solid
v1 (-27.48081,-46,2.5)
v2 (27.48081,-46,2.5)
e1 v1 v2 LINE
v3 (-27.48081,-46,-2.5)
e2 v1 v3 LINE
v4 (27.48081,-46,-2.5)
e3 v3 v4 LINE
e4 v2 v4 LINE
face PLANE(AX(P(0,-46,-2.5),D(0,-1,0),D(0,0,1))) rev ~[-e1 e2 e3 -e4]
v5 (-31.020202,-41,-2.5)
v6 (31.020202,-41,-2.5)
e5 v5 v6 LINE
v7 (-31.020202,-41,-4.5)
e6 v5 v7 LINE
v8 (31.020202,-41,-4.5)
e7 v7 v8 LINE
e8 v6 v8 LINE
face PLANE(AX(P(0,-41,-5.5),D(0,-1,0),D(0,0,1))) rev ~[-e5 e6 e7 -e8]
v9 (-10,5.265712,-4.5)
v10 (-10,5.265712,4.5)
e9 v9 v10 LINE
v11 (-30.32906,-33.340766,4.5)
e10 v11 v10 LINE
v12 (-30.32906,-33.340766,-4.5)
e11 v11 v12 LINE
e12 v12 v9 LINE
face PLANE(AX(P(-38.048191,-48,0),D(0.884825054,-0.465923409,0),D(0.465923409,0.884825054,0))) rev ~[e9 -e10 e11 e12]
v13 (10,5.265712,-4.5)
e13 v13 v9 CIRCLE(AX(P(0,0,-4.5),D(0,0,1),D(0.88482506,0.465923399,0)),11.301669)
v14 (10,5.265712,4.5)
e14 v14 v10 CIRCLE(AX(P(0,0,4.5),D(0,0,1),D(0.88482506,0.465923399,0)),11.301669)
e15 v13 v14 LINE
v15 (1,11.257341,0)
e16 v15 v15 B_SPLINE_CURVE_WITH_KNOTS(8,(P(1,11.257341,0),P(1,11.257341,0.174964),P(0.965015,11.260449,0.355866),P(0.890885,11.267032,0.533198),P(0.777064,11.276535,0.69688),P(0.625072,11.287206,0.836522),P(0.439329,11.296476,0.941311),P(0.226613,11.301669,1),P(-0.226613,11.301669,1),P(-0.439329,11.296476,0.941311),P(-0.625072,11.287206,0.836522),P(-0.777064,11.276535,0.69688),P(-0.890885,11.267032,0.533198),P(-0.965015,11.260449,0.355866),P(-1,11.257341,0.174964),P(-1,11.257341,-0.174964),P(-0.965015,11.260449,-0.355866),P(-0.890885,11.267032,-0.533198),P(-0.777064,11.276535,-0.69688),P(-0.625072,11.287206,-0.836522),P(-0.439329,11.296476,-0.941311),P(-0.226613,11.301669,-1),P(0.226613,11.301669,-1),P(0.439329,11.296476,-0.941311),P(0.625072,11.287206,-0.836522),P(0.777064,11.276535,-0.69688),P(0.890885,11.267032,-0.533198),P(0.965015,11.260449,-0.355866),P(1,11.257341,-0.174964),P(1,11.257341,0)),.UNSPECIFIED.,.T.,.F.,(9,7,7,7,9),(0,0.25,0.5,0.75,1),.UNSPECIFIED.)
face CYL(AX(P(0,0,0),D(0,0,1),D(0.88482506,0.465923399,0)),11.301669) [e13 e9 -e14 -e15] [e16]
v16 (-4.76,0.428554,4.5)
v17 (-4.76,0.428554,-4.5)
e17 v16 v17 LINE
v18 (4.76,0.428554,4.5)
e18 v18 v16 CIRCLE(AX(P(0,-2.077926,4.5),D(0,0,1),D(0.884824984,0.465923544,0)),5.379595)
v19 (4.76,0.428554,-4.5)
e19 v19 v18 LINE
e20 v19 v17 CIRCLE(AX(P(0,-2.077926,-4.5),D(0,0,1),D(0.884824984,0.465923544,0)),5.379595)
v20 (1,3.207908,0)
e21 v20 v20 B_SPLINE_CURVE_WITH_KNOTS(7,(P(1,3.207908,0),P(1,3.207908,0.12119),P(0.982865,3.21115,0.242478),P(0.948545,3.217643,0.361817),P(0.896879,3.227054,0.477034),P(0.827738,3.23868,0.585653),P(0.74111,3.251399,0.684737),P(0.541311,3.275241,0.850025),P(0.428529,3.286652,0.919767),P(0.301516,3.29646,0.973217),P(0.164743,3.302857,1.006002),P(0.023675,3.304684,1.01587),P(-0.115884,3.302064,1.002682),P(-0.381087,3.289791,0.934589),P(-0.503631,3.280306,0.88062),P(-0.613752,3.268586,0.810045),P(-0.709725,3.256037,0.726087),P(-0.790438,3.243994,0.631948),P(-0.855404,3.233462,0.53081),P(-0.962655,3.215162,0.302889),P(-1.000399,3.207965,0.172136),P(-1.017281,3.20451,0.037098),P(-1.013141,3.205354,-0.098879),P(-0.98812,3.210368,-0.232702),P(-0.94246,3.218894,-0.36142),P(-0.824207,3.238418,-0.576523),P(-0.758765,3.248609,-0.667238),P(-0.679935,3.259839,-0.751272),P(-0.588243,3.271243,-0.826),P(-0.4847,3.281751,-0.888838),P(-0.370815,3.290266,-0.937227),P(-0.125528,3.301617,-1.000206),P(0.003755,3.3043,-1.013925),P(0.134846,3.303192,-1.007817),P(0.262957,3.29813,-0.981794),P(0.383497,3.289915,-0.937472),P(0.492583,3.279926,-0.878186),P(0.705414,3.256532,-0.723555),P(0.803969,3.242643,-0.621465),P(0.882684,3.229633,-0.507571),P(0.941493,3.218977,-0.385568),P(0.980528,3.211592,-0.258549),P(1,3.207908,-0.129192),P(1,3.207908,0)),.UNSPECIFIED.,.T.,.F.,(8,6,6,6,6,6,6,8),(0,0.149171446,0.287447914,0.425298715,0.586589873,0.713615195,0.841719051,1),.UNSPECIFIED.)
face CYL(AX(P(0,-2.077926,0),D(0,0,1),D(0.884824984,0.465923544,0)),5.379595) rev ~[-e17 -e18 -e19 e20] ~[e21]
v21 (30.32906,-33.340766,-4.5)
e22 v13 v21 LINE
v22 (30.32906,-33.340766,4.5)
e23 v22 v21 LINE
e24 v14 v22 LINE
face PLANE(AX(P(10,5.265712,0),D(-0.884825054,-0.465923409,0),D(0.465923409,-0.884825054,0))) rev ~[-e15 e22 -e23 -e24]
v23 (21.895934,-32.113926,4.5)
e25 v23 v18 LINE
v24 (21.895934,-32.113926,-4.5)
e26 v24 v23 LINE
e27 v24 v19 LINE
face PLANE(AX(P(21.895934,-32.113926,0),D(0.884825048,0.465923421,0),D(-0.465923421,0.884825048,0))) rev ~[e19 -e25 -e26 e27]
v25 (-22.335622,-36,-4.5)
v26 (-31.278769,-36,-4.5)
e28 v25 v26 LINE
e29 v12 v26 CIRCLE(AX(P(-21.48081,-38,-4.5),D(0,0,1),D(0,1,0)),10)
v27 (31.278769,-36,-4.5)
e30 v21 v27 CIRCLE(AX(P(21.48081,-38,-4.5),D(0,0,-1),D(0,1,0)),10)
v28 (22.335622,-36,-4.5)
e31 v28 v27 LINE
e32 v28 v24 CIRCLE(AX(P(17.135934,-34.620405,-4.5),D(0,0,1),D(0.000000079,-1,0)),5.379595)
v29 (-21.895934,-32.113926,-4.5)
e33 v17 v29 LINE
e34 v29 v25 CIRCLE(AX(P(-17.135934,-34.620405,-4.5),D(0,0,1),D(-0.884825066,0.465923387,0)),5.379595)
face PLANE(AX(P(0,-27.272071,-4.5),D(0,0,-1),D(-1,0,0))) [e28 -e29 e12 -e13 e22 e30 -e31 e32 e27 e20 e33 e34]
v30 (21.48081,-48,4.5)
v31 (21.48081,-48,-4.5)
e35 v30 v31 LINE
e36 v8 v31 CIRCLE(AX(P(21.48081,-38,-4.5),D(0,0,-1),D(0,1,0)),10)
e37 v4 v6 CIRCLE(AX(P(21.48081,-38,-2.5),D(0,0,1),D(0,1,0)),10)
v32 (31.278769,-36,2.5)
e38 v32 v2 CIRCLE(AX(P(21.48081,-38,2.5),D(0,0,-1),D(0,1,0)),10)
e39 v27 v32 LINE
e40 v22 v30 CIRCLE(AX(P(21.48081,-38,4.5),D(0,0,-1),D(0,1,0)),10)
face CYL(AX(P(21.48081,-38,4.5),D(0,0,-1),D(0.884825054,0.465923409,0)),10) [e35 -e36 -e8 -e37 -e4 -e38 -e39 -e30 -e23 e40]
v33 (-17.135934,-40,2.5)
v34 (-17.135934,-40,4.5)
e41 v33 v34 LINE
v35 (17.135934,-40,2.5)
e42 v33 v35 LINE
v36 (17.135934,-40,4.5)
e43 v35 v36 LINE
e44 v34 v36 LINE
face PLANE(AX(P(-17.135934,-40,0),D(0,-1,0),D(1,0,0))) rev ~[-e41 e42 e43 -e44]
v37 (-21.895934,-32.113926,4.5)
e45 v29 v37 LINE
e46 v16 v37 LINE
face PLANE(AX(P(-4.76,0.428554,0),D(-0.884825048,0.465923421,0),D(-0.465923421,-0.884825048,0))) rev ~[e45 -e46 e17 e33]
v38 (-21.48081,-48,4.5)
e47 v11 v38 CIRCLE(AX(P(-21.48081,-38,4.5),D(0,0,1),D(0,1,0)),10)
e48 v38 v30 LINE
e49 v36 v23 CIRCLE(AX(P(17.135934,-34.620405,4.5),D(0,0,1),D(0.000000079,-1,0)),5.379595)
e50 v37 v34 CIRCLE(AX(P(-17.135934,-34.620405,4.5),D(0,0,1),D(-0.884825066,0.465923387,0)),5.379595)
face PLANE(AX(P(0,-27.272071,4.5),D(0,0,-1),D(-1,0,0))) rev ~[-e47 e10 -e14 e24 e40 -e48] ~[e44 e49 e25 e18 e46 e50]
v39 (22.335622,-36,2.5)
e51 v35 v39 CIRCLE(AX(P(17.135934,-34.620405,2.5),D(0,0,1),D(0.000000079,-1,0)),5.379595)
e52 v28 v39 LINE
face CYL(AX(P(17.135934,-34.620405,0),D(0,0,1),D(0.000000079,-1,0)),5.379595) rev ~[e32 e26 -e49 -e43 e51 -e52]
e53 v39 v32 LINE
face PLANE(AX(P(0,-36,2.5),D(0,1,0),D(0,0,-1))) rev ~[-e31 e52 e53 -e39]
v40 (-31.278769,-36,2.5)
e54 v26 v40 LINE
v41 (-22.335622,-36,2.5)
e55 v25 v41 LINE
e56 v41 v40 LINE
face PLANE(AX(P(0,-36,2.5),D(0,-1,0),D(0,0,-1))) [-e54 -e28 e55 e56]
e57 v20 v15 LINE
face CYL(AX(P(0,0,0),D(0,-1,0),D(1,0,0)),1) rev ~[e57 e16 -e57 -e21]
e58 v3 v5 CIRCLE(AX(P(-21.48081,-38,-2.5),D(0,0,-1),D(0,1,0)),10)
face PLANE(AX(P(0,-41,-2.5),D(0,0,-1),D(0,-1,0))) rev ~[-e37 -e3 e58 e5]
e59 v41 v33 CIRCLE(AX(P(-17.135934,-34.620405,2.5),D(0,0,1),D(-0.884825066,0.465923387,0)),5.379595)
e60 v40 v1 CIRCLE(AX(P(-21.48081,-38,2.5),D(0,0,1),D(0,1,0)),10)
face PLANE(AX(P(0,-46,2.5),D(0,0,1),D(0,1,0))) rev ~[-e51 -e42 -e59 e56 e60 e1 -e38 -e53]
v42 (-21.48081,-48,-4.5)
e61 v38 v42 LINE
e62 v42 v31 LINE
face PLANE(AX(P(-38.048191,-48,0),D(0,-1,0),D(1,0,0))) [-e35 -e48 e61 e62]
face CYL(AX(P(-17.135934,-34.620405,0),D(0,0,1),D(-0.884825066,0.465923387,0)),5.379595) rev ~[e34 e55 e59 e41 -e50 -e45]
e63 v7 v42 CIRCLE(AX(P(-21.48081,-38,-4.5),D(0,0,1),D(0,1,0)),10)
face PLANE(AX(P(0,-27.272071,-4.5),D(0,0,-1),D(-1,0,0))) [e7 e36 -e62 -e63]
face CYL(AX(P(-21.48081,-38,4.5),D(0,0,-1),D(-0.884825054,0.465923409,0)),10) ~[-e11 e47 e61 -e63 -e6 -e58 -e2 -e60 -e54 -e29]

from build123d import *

# Parameters (mm, degrees)
PAD_DEPTH            = 4.5
SKETCH001_R          = 1
POCKET_DEPTH         = 11.302669
POCKET001_DEPTH      = 38.049191
POCKET001_DEPTH_BACK = -38.049191
FILLET_R             = 10


with BuildPart() as part:
    # Sketch → Pad (new body, symmetric)
    with BuildSketch(Plane.XY):
        with BuildLine():
            Line((10, 5.265712), (38.048191, -48))
            Line((-38.048191, -48), (38.048191, -48))
            Line((-38.048191, -48), (-10, 5.265712))
            ThreePointArc((10, 5.265712), (0, 11.301669), (-10, 5.265712))
        make_face()
        with BuildLine():
            Line((-4.76, 0.428554), (-21.895934, -32.113926))
            ThreePointArc((-21.895934, -32.113926), (-21.741576, -37.400351), (-17.135934, -40))
            Line((-17.135934, -40), (17.135934, -40))
            ThreePointArc((17.135934, -40), (21.741576, -37.400351), (21.895934, -32.113926))
            Line((21.895934, -32.113926), (4.76, 0.428554))
            ThreePointArc((4.76, 0.428554), (0, 3.301669), (-4.76, 0.428554))
        make_face(mode=Mode.SUBTRACT)
    extrude(amount=PAD_DEPTH, both=True)

    # Sketch001 → Pocket (cut, through all)
    with BuildSketch(Plane.XZ):
        Circle(SKETCH001_R)
    extrude(amount=-POCKET_DEPTH, mode=Mode.SUBTRACT)

    # Sketch002 → Pocket001 (cut, two sides)
    with BuildSketch(Plane.YZ) as pocket001_sk:
        Polygon((-41, -5.5), (-41, -2.5), (-46, -2.5), (-46, 2.5), (-36, 2.5), (-36, -5.5), align=None)
    extrude(amount=-POCKET001_DEPTH, mode=Mode.SUBTRACT)
    extrude(pocket001_sk.sketch, amount=-POCKET001_DEPTH_BACK, mode=Mode.SUBTRACT)

    # Fillet
    fillet_edges = [part.edges().sort_by_distance(p)[0] for p in [
        (38.048191, -48, 0),
        (-38.048191, -48, 0),
    ]]
    fillet(fillet_edges, radius=FILLET_R)


solid = part.part
